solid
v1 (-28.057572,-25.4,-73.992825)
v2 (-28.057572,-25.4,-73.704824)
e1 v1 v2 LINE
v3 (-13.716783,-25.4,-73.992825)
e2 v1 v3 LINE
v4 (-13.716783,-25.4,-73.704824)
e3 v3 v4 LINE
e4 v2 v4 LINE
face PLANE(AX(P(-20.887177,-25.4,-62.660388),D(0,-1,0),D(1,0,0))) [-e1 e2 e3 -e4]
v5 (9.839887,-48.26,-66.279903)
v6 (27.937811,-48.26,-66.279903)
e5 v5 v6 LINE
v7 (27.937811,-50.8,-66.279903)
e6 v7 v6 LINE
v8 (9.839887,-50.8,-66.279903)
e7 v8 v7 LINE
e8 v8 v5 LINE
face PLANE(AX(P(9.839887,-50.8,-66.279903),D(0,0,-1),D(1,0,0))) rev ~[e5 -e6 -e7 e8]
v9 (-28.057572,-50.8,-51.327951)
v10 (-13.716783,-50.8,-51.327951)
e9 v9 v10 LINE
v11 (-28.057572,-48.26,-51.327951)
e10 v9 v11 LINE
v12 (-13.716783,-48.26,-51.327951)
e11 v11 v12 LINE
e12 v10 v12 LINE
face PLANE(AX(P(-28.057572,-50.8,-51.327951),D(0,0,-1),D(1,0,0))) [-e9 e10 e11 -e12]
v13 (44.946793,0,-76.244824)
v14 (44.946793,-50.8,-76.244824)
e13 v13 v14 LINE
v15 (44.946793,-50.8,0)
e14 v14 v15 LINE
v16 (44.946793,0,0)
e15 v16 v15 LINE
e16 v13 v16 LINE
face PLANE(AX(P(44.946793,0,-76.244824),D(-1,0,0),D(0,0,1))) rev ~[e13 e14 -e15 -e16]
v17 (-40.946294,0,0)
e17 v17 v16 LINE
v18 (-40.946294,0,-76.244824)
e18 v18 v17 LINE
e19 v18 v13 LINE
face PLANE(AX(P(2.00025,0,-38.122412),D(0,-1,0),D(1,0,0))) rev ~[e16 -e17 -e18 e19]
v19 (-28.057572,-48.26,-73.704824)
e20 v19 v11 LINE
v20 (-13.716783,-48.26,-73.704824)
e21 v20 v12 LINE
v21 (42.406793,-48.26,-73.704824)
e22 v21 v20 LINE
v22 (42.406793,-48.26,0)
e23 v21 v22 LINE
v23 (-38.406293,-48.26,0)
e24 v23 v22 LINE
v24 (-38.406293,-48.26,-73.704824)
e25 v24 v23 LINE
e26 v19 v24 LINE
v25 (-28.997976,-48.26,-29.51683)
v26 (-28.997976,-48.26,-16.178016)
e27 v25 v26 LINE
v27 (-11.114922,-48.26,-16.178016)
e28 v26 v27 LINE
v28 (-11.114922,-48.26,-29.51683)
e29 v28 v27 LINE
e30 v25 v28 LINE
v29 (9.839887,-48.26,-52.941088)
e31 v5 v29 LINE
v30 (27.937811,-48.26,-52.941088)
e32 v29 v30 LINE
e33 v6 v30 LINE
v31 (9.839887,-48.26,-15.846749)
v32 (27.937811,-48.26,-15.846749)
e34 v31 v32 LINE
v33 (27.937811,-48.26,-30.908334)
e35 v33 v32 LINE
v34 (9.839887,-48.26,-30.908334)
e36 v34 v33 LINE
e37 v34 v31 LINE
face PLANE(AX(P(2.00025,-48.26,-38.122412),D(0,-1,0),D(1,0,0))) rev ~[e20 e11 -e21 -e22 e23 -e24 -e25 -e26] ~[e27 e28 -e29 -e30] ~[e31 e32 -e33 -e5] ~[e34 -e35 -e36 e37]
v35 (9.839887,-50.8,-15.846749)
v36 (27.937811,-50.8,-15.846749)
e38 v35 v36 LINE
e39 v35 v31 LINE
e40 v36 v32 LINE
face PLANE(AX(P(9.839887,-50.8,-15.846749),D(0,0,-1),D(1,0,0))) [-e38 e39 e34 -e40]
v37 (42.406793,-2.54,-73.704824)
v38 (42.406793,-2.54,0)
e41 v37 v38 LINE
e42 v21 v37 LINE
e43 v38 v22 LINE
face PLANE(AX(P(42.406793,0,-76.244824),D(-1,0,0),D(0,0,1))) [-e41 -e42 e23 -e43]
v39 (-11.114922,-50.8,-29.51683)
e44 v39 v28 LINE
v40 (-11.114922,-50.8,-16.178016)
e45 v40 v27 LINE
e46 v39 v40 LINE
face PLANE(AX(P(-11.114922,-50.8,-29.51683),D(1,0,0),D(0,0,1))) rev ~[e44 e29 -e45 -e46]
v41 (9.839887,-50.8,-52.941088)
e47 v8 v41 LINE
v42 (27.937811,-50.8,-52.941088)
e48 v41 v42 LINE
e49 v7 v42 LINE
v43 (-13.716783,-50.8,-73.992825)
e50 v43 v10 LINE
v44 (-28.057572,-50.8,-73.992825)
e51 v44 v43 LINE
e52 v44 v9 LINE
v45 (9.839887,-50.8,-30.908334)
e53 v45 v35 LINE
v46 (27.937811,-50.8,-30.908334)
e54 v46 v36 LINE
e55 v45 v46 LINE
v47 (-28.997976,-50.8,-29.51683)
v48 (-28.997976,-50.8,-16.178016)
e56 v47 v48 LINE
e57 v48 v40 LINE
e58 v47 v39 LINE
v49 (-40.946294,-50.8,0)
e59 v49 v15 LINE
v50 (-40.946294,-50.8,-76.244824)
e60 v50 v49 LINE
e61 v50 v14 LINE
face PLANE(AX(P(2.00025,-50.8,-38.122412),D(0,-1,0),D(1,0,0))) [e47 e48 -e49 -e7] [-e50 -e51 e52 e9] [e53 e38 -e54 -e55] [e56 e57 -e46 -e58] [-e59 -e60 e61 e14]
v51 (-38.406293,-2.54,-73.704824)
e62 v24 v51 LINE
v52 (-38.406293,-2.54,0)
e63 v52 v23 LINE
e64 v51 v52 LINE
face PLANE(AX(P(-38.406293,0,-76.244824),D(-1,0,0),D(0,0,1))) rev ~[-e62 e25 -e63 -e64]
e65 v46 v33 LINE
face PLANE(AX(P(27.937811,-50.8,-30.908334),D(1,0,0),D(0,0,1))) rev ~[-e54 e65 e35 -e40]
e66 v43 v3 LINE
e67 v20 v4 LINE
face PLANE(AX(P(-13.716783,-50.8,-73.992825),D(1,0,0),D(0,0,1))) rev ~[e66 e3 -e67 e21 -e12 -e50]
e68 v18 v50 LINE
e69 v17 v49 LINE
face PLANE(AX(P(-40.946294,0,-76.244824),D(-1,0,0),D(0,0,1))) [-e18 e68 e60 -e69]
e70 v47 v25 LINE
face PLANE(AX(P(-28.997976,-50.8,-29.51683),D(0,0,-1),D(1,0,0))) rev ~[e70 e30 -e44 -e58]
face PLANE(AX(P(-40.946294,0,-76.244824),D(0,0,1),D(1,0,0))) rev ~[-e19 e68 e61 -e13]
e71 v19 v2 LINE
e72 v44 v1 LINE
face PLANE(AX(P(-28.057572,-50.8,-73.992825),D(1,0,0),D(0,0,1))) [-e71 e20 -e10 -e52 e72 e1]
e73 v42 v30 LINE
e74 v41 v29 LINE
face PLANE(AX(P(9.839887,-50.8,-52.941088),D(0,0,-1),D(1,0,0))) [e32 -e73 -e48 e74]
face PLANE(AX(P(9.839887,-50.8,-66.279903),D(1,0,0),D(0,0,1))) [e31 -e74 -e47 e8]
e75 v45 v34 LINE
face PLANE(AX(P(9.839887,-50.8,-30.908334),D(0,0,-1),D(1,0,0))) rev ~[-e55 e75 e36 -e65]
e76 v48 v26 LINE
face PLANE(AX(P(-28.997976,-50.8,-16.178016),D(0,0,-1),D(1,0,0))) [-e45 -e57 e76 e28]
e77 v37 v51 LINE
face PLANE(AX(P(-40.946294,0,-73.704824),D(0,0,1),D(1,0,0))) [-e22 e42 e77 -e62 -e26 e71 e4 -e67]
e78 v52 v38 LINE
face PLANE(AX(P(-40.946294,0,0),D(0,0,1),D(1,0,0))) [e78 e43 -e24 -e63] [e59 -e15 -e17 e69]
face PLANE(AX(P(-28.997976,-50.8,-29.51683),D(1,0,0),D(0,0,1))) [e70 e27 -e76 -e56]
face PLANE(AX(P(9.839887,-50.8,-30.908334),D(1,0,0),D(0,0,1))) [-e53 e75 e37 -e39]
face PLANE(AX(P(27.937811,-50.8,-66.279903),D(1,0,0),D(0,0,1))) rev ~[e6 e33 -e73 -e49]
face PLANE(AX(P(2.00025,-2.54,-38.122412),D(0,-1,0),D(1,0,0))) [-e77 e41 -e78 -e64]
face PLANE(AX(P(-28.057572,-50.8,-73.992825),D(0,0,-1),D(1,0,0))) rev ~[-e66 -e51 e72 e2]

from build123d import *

# Parameters (mm, degrees)
F0_W     = 85.893087
F0_H     = 76.244824
F1_DEPTH = 50.8
F2_T     = -2.54
F3_W     = 17.883054
F3_H     = 13.338813
F3_W_2   = 18.097924
F3_H_2   = 15.061585
F3_H_3   = 13.338815
F3_W_3   = 14.340789
F3_H_4   = 22.664875
F4_DEPTH = 25.4


with BuildPart() as f1:
    # F0 (on Front) → F1 (new body)
    with BuildSketch(Plane.XZ):
        with Locations((2.00025, -38.122412)):
            Rectangle(F0_W, F0_H)
    extrude(amount=F1_DEPTH)

    # F2
    f2_openings = [f1.faces().sort_by_distance(p)[0] for p in [
        (2.00025, -25.4, 0),
    ]]
    offset(amount=F2_T, openings=f2_openings)

    # F3 (on face) → F4 (cut)
    with BuildSketch(Plane.XZ.offset(50.8)):
        with Locations((-20.056449, -22.847423)):
            Rectangle(F3_W, F3_H)
        with Locations((18.888849, -23.377542)):
            Rectangle(F3_W_2, F3_H_2)
        with Locations((18.888849, -59.610495)):
            Rectangle(F3_W_2, F3_H_3)
        with Locations((-20.887177, -62.660388)):
            Rectangle(F3_W_3, F3_H_4)
    extrude(amount=-F4_DEPTH, mode=Mode.SUBTRACT)


solid = f1.part
